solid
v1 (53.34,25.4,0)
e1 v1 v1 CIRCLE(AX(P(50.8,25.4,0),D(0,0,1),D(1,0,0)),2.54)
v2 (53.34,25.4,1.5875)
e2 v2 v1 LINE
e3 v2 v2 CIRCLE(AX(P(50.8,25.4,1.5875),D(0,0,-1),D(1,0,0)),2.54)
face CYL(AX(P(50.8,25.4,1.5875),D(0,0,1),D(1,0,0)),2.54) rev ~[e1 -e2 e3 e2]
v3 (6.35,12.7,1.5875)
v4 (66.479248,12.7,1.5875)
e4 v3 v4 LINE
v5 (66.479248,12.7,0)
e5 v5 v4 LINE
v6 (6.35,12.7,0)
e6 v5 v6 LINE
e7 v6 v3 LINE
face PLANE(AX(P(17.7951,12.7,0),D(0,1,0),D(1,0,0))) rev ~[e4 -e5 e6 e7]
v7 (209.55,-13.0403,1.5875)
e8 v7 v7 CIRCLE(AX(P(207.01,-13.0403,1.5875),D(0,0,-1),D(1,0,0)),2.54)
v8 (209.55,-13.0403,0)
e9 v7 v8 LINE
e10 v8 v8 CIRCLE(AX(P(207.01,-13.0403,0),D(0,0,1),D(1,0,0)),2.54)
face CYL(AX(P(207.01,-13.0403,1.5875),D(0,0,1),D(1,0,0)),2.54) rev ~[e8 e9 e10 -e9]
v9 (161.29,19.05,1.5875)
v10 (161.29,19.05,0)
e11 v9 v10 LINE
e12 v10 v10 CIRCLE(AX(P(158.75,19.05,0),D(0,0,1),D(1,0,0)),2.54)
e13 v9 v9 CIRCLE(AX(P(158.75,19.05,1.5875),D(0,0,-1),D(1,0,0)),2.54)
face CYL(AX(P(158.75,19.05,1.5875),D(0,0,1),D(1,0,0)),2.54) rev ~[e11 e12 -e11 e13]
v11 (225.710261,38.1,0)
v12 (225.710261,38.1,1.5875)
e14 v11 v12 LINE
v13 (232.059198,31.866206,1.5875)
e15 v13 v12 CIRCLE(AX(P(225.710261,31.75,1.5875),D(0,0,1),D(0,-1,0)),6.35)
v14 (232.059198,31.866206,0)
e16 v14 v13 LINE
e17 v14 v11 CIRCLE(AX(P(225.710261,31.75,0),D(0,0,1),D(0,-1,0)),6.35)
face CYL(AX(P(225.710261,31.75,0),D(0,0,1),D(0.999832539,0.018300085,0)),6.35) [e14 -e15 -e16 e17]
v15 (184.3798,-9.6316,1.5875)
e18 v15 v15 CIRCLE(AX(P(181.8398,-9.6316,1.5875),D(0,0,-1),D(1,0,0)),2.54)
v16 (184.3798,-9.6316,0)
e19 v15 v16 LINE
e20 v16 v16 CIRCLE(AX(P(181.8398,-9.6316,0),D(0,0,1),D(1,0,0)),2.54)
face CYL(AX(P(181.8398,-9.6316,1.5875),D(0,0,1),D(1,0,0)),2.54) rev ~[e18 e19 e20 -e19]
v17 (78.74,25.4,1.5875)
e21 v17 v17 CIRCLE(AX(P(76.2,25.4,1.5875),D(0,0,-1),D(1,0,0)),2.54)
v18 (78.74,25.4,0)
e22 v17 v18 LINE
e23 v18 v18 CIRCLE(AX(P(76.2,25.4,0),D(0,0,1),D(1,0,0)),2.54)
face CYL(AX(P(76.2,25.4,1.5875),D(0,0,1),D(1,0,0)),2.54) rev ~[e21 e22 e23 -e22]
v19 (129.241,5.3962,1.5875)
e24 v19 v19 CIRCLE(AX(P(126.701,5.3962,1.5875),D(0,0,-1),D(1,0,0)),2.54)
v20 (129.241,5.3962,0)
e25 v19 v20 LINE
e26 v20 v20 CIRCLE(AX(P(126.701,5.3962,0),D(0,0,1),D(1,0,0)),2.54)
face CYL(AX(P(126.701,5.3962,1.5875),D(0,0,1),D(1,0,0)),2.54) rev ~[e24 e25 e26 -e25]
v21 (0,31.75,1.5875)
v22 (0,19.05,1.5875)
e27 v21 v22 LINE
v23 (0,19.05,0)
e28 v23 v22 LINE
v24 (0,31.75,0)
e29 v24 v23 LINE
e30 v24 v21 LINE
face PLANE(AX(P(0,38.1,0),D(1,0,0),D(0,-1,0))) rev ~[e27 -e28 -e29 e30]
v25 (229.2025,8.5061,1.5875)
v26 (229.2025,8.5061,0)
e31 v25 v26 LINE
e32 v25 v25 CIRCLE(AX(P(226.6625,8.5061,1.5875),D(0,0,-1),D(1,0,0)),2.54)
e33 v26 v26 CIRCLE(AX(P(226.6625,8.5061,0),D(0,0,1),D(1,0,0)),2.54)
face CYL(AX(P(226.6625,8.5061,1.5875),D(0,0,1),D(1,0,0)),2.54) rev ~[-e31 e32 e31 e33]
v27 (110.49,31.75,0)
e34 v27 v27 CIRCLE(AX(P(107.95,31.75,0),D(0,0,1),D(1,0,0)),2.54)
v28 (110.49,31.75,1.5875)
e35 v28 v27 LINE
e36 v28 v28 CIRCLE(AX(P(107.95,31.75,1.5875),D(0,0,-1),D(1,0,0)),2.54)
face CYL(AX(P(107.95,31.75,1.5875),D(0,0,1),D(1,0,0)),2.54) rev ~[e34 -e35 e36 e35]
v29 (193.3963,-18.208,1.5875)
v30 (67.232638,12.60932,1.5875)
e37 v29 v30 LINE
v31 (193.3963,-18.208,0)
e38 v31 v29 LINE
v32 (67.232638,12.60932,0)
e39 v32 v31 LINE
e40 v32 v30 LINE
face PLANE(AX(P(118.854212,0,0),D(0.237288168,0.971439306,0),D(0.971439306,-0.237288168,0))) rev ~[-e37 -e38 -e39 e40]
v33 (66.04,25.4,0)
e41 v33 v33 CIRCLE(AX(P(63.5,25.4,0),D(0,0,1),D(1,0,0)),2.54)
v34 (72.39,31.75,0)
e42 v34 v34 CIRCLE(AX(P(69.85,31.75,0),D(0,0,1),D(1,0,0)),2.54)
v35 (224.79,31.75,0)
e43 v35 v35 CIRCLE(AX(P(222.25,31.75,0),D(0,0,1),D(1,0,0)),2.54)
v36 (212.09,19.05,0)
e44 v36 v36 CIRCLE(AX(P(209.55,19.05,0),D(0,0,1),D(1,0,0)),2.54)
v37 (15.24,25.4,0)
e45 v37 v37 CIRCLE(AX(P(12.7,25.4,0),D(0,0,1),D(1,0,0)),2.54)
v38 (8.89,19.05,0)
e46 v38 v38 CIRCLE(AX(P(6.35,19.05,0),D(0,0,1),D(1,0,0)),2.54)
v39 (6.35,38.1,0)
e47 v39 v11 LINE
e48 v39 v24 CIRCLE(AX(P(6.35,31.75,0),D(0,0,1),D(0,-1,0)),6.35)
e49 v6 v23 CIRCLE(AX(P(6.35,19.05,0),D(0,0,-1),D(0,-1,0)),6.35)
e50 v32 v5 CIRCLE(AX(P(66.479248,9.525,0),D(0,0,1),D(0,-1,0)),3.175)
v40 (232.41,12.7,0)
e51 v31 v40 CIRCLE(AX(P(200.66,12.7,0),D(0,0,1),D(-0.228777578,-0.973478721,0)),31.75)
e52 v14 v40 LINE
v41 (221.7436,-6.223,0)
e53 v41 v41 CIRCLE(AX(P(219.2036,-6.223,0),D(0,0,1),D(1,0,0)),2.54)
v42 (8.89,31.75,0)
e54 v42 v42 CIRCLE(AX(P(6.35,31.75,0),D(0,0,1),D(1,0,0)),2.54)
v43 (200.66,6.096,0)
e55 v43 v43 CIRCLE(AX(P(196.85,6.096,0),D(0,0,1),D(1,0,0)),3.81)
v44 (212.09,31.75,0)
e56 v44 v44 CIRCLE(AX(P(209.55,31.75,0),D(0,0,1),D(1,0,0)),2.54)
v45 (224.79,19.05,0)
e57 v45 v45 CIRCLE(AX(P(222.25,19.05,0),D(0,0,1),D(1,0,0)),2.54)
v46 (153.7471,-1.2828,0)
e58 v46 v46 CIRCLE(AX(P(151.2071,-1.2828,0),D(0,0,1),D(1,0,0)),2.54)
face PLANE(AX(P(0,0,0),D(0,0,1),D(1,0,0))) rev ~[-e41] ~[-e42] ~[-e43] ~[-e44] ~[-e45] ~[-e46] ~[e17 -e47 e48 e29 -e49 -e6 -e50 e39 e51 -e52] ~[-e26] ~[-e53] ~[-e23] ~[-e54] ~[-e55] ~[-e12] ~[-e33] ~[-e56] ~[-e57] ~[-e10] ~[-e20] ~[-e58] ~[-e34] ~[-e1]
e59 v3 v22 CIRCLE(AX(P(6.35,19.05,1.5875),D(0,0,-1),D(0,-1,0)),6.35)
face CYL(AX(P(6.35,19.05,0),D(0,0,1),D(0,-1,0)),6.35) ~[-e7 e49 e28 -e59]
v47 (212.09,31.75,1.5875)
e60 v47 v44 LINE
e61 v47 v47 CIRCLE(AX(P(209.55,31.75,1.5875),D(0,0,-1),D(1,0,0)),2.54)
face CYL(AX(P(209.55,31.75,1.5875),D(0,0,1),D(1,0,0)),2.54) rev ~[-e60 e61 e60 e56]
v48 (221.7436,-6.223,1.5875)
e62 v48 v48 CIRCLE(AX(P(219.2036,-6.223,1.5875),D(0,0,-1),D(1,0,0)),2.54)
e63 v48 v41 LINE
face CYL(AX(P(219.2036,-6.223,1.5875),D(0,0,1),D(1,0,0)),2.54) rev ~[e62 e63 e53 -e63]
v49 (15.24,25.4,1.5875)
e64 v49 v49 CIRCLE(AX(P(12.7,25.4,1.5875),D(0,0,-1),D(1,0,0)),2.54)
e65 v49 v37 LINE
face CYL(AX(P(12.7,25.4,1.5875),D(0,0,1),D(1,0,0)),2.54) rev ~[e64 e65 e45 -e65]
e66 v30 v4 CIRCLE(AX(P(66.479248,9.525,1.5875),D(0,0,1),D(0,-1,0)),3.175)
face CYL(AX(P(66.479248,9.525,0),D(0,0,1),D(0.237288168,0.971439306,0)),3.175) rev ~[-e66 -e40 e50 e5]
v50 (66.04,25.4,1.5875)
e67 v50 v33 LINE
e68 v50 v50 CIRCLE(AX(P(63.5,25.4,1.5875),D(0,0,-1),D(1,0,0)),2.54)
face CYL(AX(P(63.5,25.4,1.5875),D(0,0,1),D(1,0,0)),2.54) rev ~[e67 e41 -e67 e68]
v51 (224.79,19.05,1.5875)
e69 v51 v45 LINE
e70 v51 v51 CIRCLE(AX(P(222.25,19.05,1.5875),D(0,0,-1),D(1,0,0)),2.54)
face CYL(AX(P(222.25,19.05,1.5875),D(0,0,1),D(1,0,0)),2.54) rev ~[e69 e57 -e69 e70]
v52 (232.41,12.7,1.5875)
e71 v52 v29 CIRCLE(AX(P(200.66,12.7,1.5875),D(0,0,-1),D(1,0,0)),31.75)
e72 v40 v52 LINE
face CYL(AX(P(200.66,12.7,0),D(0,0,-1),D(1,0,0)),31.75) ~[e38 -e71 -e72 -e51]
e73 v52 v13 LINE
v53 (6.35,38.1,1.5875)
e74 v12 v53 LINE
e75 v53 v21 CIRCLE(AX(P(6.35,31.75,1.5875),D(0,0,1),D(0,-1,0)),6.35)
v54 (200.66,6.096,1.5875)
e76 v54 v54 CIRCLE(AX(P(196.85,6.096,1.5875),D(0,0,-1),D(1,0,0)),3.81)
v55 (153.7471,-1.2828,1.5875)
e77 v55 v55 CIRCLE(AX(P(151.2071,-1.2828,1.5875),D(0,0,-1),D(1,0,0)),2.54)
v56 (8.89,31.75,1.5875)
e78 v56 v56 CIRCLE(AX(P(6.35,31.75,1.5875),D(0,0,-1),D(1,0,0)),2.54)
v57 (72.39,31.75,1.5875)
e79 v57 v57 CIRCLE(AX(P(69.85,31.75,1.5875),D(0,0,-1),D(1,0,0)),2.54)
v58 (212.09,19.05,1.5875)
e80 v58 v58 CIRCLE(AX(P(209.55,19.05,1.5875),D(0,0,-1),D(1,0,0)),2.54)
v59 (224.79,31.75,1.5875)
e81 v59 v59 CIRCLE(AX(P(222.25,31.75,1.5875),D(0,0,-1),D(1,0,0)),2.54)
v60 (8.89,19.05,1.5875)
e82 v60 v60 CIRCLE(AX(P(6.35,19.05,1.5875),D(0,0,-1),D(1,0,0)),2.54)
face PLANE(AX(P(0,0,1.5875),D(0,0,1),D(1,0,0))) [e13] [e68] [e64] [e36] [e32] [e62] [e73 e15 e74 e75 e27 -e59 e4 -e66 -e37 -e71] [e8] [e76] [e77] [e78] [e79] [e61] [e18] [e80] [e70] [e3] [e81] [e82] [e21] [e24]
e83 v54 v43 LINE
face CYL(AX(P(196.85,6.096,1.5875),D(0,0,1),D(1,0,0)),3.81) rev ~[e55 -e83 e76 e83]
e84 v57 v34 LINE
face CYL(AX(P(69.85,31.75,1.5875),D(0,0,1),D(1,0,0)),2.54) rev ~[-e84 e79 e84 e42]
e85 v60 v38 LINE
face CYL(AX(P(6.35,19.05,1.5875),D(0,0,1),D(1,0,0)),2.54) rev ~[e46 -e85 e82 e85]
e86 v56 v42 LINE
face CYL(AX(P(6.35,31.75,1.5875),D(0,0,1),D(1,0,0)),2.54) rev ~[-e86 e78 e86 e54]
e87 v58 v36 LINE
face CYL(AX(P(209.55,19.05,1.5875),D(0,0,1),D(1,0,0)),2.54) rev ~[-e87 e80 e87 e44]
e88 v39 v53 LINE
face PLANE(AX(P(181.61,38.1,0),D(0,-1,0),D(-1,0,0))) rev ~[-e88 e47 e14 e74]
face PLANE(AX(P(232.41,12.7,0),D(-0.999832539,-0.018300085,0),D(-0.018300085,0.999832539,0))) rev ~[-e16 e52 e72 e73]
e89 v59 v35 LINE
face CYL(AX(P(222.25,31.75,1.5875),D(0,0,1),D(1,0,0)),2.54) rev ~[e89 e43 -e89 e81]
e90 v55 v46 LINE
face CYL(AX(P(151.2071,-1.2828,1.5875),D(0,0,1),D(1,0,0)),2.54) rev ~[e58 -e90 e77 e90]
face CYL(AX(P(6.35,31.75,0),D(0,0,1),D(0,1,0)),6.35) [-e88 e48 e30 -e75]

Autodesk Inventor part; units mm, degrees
ref_plane "YZ Plane" through (0, 0, 0) normal (1, 0, 0) x (0, 1, 0)
ref_plane "XZ Plane" through (0, 0, 0) normal (0, 1, 0) x (-1, 0, 0)
ref_plane "XY Plane" through (0, 0, 0) normal (0, 0, 1) x (1, 0, 0)
sketch "Sketch1" plane through (0, 0, 0) normal (0, 0, 1) x (1, 0, 0)
  line L0 (0, 0) -> (247.65, 0)
  line L1 (247.65, 0) -> (247.65, 38.1)
  line L2 (247.65, 38.1) -> (0, 38.1)
  line L3 (0, 38.1) -> (0, 0)
  line L4 (286.1616, 0) -> (255.1962, 0)
  line L5 (255.1962, 0) -> (255.1962, 12.7)
  line L6 (255.1962, 12.7) -> (286.1616, 12.7)
  line L7 (286.1616, 12.7) -> (286.1616, 0)
  line L8 (247.65, 12.7) -> (200.66, 12.7)
  line L9 (16.2468, 38.1) -> (16.2468, 12.7)
  line L10 (16.2468, 12.7) -> (196.85, 12.7)
  line L11 (0, 12.7) -> (17.7951, 12.7)
  circle A0 centre (200.66, 12.7) radius 31.75
  line L12 (232.41, 12.7) -> (231.9451, 38.1)
  line L13 (66.8614, 12.7) -> (200.8653, -20.0324)
  line L14 (193.3963, -18.208) -> (168.91, 12.7)
  point P0 (187.853, -16.3524)
  point P1 (232.3887, 13.8619)
  point P2 (229.7594, 0)
  point P3 (181.61, 38.1)
  point P4 (219.71, 38.1)
  point P5 (171.5606, 0)
  dimension "d0" = 247.65
  dimension "d1" = 38.1
  dimension "d2" = 12.7
  dimension "d3" = 30.9654
  dimension "d4" = 46.99
  dimension "d10" = 25.4
  dimension "d54" = 63.5
extrude "Extrusion4" add sketch "Sketch1" along normal blind 1.5875 contours L13 L0 A0 | L13 L10 A0 L0 | L3 L2 L9 L11 | A0 L14 L0 | L0 L14 A0 | L10 L9 L2 A0 | L14 L0 A0 | L14 A0 L2 L12 L0 | L2 L12 A0
fillet "Fillet6" radius 6.35 3 edges at (0, 38.1, 0.7937) (0, 12.7, 0.7937) (231.9451, 38.1, 0.7937)
sketch "Sketch4" plane through (0, 0, 1.5875) normal (0, 0, 1) x (1, 0, 0)
  arc A0 (6.35, 38.1) -> (0, 31.75) centre (6.35, 31.75) ccw projected
  line L0 (6.35, 38.1) -> (6.35, 31.75)
  line L1 (6.35, 31.75) -> (0, 31.75)
  circle A1 centre (6.35, 31.75) radius 2.54
  line L2 (6.35, 31.75) -> (6.35, 19.05)
  circle A2 centre (6.35, 19.05) radius 2.54
  line L3 (6.35, 31.75) -> (57.15, 31.75)
  line L4 (57.15, 31.75) -> (107.95, 31.75)
  line L5 (107.95, 31.75) -> (158.75, 31.75)
  line L6 (158.75, 31.75) -> (209.55, 31.75)
  circle A3 centre (107.95, 31.75) radius 2.54
  circle A4 centre (209.55, 31.75) radius 2.54
  line L7 (57.15, 31.75) -> (57.15, 19.05)
  line L8 (57.15, 19.05) -> (107.95, 19.05)
  line L9 (107.95, 19.05) -> (158.75, 19.05)
  line L10 (158.75, 19.05) -> (209.55, 19.05)
  circle A5 centre (158.75, 19.05) radius 2.54
  circle A6 centre (209.55, 19.05) radius 2.54
  line L11 (225.7103, 38.1) -> (6.35, 38.1) projected
  arc A7 (193.3963, -18.208) -> (232.41, 12.7) centre (200.66, 12.7) ccw projected
  line L12 (209.55, 31.75) -> (196.85, 31.75)
  line L13 (196.85, 31.75) -> (196.85, 19.05)
  circle A8 centre (196.85, 31.75) radius 2.54
  line L14 (196.85, 19.05) -> (196.85, 6.096)
  circle A9 centre (196.85, 6.096) radius 3.81
  line L15 (57.15, 31.75) -> (69.85, 31.75)
  circle A10 centre (69.85, 31.75) radius 2.54
  point P0 (0, 0)
  point P1 (207.01, 31.75)
  dimension "d60" = 6.35
  dimension "d61" = 5.08
  dimension "d62" = 12.7
  dimension "d63" = 5.08
  dimension "d64" = 50.8
  dimension "d65" = 50.8
  dimension "d66" = 50.8
  dimension "d67" = 50.8
  dimension "d70" = 5.08
  dimension "d72" = 5.08
  dimension "d75" = 5.08
  dimension "d76" = 5.08
  dimension "d86" = 12.7
  dimension "d88" = 5.08
  dimension "d89" = 12.954
  dimension "d90" = 7.62
  dimension "d116" = 12.7
  dimension "d117" = 5.08
extrude "Extrusion5" cut sketch "Sketch4" against normal blind 25.4 contours A4 | A6 | A9 | A2 | A1 L3 L0 | L0 L1 A1 | L1 L2 A1 | L3 A1 L2 | A10 L4 | L4 A10 | A3 L5 L4 | L4 L5 A3 | A5 L10 L9 | L9 L10 A5
sketch "Sketch5" plane through (0, 0, 1.5875) normal (0, 0, 1) x (1, 0, 0)
  circle A0 centre (209.55, 31.75) radius 2.54 projected
  line L0 (209.55, 31.75) -> (222.25, 31.75)
  line L1 (222.25, 31.75) -> (222.25, 19.05)
  line L2 (222.25, 19.05) -> (226.6625, 8.5061)
  line L3 (226.6625, 8.5061) -> (219.2036, -6.223)
  line L4 (219.2036, -6.223) -> (207.01, -13.0403)
  line L5 (207.01, -13.0403) -> (181.8398, -9.6316)
  line L6 (181.8398, -9.6316) -> (151.2071, -1.2828)
  line L7 (151.2071, -1.2828) -> (126.701, 5.3962)
  circle A1 centre (126.701, 5.3962) radius 2.54
  circle A2 centre (151.2071, -1.2828) radius 2.54
  circle A3 centre (181.8398, -9.6316) radius 2.54
  circle A4 centre (207.01, -13.0403) radius 2.54
  circle A5 centre (219.2036, -6.223) radius 2.54
  circle A6 centre (226.6625, 8.5061) radius 2.54
  circle A7 centre (222.25, 19.05) radius 2.54
  circle A8 centre (222.25, 31.75) radius 2.54
  circle A9 centre (6.35, 19.05) radius 2.54 projected
  line L8 (6.35, 19.05) -> (15.3303, 28.0303)
  line L9 (6.35, 19.05) -> (19.05, 19.05) construction
  circle A10 centre (6.35, 31.75) radius 2.54 projected
  line L10 (6.35, 31.75) -> (15.3303, 22.7697)
  line L11 (6.35, 31.75) -> (19.05, 31.75) construction
  circle A11 centre (12.7, 25.4) radius 2.54
  line L12 (12.7, 25.4) -> (50.8, 25.4)
  circle A12 centre (50.8, 25.4) radius 2.54
  line L13 (12.7, 25.4) -> (25.4, 25.4)
  line L14 (25.4, 25.4) -> (38.1, 25.4)
  line L15 (50.8, 25.4) -> (63.5, 25.4)
  line L16 (63.5, 25.4) -> (76.2, 25.4)
  circle A13 centre (63.5, 25.4) radius 2.54
  circle A14 centre (76.2, 25.4) radius 2.54
  point P0 (0, 0)
  dimension "d91" = 12.7
  dimension "d92" = 12.7
  dimension "d93" = 11.43
  dimension "d94" = 16.51
  dimension "d95" = 13.97
  dimension "d96" = 25.4
  dimension "d97" = 31.75
  dimension "d98" = 25.4
  dimension "d99" = 5.08
  dimension "d100" = 5.08
  dimension "d101" = 5.08
  dimension "d102" = 5.08
  dimension "d103" = 5.08
  dimension "d104" = 5.08
  dimension "d105" = 5.08
  dimension "d106" = 5.08
  dimension "d109" = 12.7
  dimension "d110" = 45
  dimension "d111" = 12.7
  dimension "d112" = 45
  dimension "d113" = 5.08
  dimension "d114" = 38.1
  dimension "d115" = 5.08
  dimension "d118" = 12.7
  dimension "d119" = 12.7
  dimension "d122" = 12.7
  dimension "d123" = 12.7
  dimension "d124" = 5.08
  dimension "d125" = 5.08
extrude "Extrusion6" cut sketch "Sketch5" against normal blind 25.4 contours A1 | A2 L7 L6 | L6 L7 A2 | A3 L6 L5 | L5 L6 A3 | A4 L5 L4 | L4 L5 A4 | A5 L4 L3 | L3 L4 A5 | A6 L3 L2 | L2 L3 A6 | A7 L2 L1 | L1 L2 A7 | A8 L1 L0 | L0 L1 A8 | A14 | A13 L16 L15 | L15 L16 A13 | A12 L15 L12 | L12 L15 A12 | A11 L10 L8 | L8 L10 A11 | L10 A11 L8 | L12 A11 L10 | L8 A11 L12
fillet "Fillet7" radius 3.175 1 edges at (66.8614, 12.7, 0.7937)
properties part number "intake sled v5"
